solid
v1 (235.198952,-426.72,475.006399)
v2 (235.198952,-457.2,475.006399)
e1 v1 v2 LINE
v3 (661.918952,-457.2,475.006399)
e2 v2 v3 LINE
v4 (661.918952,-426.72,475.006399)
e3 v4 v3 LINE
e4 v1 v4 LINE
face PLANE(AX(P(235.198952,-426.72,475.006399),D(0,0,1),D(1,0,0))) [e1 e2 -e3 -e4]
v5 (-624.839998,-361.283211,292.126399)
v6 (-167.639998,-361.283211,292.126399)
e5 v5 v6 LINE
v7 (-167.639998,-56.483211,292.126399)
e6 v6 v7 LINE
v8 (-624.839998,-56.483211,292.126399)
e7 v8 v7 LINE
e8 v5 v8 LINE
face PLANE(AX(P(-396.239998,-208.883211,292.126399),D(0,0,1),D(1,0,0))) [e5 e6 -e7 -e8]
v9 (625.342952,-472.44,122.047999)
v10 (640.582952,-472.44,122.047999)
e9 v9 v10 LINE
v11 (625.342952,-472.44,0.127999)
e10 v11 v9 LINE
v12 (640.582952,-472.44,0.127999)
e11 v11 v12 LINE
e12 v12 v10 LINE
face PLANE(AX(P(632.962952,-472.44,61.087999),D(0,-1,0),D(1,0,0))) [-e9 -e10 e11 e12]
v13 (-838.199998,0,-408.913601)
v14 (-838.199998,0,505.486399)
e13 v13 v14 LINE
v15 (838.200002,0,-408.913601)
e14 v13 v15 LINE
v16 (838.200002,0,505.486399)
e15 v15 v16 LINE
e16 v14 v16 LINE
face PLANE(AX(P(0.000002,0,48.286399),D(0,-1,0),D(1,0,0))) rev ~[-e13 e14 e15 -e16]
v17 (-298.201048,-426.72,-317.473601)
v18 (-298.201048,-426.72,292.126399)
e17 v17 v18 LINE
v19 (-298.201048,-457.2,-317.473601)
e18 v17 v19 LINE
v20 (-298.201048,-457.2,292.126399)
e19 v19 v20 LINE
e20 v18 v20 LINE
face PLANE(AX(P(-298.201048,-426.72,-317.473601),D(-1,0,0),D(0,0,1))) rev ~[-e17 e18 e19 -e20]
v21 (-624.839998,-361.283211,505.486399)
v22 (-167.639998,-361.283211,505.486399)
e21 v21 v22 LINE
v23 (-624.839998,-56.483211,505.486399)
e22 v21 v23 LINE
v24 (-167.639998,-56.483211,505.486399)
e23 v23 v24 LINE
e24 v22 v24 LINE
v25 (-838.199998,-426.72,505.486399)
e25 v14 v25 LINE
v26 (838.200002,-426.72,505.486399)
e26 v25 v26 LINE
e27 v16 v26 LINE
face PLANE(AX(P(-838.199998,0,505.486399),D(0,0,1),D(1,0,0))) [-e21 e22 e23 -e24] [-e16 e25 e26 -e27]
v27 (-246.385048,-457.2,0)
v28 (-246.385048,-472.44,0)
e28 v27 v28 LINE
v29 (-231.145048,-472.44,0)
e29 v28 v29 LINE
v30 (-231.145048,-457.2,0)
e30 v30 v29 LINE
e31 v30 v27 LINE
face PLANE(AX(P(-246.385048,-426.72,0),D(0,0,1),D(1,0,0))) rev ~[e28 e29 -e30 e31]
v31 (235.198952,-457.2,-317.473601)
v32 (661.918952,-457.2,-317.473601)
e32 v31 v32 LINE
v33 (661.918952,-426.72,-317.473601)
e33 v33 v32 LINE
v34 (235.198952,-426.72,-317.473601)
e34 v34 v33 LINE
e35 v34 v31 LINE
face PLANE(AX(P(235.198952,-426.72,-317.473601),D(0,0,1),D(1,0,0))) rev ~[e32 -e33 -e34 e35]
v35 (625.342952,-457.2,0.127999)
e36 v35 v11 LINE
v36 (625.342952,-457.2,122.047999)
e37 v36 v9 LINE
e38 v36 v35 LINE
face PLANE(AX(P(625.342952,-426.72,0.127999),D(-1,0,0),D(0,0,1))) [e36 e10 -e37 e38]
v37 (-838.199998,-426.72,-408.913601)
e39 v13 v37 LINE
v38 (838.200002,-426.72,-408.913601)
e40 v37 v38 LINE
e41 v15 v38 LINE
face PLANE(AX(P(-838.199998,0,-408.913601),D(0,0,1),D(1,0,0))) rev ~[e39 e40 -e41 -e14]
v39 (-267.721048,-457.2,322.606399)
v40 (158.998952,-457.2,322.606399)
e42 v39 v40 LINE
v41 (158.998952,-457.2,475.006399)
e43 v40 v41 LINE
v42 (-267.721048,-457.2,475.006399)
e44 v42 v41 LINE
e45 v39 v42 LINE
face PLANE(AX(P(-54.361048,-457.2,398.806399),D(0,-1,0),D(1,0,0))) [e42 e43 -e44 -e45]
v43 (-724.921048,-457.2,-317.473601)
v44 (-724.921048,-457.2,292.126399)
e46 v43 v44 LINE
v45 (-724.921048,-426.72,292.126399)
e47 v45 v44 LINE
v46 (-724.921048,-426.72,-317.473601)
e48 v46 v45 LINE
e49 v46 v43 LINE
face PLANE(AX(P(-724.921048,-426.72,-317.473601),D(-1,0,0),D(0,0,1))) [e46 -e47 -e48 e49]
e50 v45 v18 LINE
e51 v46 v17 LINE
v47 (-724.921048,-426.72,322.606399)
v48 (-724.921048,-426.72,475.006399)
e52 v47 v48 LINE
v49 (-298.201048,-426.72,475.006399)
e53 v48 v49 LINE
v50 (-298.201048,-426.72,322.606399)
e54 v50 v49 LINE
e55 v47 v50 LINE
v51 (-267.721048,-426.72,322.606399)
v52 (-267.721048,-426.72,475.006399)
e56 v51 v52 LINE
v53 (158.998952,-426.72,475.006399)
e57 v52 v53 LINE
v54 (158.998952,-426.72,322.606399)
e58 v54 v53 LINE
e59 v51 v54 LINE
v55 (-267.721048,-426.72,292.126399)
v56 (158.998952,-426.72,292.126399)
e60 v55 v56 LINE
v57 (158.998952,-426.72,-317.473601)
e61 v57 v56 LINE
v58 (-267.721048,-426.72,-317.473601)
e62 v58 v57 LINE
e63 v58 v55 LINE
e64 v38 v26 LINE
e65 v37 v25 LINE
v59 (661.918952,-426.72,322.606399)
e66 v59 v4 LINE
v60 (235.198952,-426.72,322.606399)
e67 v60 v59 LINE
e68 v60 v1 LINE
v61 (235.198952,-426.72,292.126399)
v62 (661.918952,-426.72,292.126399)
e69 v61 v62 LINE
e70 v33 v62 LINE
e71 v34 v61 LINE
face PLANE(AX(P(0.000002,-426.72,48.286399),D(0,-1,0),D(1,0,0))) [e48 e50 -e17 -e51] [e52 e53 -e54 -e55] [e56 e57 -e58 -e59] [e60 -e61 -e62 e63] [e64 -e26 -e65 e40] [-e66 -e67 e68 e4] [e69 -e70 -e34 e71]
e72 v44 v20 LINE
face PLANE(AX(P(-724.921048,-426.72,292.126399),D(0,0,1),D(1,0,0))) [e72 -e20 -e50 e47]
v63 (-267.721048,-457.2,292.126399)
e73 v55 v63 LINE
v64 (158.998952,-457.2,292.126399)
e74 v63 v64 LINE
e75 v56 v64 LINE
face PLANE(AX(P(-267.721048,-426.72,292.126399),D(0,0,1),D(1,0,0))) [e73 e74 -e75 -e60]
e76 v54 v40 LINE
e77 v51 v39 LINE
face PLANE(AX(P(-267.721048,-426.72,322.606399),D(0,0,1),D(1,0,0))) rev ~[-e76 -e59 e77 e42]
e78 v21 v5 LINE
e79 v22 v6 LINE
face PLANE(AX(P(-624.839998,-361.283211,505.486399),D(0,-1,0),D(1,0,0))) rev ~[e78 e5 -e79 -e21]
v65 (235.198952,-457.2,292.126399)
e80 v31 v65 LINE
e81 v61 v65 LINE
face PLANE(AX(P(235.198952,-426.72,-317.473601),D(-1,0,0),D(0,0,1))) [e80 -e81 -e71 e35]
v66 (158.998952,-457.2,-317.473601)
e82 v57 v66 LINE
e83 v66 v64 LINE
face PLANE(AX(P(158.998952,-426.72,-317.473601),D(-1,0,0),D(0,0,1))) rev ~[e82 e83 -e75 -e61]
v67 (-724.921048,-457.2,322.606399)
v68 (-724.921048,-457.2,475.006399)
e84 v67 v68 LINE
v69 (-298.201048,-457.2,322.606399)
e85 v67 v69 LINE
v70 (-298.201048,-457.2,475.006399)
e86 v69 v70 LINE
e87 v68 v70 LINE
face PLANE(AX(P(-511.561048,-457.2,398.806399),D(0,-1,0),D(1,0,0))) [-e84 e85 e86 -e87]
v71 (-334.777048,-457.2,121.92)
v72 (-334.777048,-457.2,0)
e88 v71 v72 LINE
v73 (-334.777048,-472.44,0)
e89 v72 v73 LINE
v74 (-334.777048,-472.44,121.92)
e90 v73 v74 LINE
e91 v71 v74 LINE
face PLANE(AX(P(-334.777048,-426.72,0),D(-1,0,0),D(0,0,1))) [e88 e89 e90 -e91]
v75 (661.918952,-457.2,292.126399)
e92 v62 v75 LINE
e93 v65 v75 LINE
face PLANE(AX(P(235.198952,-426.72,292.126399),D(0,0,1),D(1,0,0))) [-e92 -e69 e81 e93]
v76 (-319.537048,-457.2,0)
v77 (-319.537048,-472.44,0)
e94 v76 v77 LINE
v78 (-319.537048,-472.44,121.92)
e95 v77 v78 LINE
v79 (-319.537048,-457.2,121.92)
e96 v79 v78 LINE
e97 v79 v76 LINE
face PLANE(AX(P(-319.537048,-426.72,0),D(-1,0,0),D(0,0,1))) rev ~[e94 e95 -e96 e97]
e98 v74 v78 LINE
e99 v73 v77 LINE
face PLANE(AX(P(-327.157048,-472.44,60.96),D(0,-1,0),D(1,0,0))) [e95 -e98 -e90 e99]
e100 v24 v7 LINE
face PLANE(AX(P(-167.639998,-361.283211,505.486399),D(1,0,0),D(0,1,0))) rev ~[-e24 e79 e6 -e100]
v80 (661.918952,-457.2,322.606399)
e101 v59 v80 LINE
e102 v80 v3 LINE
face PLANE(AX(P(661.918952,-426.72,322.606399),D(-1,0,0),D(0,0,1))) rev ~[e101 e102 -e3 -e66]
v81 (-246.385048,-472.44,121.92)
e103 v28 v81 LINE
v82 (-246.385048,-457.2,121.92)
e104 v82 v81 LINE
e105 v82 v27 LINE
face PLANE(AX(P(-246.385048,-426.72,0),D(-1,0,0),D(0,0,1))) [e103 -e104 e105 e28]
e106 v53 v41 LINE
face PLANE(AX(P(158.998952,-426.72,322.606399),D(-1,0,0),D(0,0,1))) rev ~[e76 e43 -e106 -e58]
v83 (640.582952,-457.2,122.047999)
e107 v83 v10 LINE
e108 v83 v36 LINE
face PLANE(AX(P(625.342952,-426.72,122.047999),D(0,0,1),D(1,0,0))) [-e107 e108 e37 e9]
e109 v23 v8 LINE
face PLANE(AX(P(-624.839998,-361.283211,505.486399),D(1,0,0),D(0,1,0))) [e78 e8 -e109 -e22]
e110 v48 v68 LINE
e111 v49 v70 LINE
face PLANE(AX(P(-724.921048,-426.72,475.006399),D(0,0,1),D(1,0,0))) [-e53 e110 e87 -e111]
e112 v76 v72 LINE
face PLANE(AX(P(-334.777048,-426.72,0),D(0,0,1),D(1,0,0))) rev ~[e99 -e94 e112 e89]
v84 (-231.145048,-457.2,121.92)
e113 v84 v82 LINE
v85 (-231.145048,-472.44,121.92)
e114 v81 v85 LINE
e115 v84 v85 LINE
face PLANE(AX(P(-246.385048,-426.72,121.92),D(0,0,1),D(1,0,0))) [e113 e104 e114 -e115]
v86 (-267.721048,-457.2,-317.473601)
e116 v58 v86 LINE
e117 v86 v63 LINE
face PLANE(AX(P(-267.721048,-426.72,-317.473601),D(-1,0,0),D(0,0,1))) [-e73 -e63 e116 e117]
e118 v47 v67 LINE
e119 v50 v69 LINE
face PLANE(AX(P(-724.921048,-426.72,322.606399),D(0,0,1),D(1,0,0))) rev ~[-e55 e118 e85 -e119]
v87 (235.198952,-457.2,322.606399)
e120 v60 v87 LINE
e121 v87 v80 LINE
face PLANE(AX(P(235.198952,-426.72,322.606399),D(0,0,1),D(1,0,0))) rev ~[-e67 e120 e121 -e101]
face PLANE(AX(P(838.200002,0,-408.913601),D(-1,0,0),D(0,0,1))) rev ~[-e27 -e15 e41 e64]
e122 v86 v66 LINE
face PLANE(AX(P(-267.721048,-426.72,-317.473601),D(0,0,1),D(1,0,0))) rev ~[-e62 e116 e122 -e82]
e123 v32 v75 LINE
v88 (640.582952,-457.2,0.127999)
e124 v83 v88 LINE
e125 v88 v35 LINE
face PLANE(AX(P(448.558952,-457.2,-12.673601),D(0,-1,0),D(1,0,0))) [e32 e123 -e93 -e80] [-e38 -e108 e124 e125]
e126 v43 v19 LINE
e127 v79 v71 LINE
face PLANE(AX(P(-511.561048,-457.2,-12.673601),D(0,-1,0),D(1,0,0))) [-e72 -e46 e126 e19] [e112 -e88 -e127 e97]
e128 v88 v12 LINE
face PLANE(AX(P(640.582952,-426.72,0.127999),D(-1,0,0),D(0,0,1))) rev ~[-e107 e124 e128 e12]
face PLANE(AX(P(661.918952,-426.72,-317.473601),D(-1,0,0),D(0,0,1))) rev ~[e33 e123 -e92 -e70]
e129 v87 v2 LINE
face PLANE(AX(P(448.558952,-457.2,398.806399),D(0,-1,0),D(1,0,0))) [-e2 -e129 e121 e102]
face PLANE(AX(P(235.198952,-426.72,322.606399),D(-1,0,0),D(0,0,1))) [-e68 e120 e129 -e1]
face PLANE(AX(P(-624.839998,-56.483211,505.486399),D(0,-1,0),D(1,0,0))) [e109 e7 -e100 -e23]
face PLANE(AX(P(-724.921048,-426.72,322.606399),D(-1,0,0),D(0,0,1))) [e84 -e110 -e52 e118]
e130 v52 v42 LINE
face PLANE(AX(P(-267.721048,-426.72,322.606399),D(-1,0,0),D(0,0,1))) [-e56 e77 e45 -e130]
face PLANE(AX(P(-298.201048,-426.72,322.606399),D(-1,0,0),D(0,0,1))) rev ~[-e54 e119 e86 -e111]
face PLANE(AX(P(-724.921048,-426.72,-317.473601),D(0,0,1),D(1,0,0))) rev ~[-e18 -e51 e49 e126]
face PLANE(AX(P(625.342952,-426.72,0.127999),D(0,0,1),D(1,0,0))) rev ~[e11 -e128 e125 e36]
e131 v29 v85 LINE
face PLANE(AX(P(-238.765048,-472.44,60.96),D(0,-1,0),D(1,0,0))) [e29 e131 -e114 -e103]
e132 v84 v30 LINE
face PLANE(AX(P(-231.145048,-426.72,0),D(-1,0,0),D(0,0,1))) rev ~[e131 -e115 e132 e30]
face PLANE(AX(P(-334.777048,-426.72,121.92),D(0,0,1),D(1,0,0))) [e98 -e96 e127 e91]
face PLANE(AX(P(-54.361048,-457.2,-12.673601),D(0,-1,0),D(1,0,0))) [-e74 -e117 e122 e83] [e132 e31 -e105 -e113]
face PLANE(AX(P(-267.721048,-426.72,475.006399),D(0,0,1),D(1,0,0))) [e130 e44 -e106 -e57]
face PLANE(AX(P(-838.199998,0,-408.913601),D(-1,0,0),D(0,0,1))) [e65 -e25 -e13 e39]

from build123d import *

# Parameters (mm, degrees)
F0_W     = 1676.4
F0_H     = 914.4
F1_DEPTH = 426.72
F2_W     = 426.72
F2_H     = 609.6
F2_H_2   = 152.4
F3_DEPTH = 30.48
F4_W     = 15.24
F4_H     = 121.92
F5_DEPTH = 45.72
F6_W     = 457.2
F6_H     = 304.8
F7_DEPTH = 213.36


with BuildPart() as f1:
    # F0 (on Front) → F1 (new body)
    with BuildSketch(Plane.XZ):
        with Locations((2e-06, 48.286399)):
            Rectangle(F0_W, F0_H)
    extrude(amount=F1_DEPTH)

    # F2 (on face) → F3 (join)
    with BuildSketch(Plane.XZ.offset(426.72)):
        with Locations((-511.561048, -12.673601)):
            Rectangle(F2_W, F2_H)
        with Locations((-54.361048, -12.673601)):
            Rectangle(F2_W, F2_H)
        with Locations((448.558952, -12.673601)):
            Rectangle(F2_W, F2_H)
        with Locations((-511.561048, 398.806399)):
            Rectangle(F2_W, F2_H_2)
        with Locations((-54.361048, 398.806399)):
            Rectangle(F2_W, F2_H_2)
        with Locations((448.558952, 398.806399)):
            Rectangle(F2_W, F2_H_2)
    extrude(amount=F3_DEPTH)

    # F4 (on face) → F5 (join)
    with BuildSketch(Plane.XZ.offset(426.72)):
        with Locations((-327.157048, 60.96)):
            Rectangle(F4_W, F4_H)
        with Locations((-238.765048, 60.96)):
            Rectangle(F4_W, F4_H)
        with Locations((632.962952, 61.087999)):
            Rectangle(F4_W, F4_H)
    extrude(amount=F5_DEPTH)

    # F6 (on face) → F7 (cut)
    with BuildSketch(Plane.XY.offset(505.486399)):
        with Locations((-396.239998, -208.883211)):
            Rectangle(F6_W, F6_H)
    extrude(amount=-F7_DEPTH, mode=Mode.SUBTRACT)


solid = f1.part
